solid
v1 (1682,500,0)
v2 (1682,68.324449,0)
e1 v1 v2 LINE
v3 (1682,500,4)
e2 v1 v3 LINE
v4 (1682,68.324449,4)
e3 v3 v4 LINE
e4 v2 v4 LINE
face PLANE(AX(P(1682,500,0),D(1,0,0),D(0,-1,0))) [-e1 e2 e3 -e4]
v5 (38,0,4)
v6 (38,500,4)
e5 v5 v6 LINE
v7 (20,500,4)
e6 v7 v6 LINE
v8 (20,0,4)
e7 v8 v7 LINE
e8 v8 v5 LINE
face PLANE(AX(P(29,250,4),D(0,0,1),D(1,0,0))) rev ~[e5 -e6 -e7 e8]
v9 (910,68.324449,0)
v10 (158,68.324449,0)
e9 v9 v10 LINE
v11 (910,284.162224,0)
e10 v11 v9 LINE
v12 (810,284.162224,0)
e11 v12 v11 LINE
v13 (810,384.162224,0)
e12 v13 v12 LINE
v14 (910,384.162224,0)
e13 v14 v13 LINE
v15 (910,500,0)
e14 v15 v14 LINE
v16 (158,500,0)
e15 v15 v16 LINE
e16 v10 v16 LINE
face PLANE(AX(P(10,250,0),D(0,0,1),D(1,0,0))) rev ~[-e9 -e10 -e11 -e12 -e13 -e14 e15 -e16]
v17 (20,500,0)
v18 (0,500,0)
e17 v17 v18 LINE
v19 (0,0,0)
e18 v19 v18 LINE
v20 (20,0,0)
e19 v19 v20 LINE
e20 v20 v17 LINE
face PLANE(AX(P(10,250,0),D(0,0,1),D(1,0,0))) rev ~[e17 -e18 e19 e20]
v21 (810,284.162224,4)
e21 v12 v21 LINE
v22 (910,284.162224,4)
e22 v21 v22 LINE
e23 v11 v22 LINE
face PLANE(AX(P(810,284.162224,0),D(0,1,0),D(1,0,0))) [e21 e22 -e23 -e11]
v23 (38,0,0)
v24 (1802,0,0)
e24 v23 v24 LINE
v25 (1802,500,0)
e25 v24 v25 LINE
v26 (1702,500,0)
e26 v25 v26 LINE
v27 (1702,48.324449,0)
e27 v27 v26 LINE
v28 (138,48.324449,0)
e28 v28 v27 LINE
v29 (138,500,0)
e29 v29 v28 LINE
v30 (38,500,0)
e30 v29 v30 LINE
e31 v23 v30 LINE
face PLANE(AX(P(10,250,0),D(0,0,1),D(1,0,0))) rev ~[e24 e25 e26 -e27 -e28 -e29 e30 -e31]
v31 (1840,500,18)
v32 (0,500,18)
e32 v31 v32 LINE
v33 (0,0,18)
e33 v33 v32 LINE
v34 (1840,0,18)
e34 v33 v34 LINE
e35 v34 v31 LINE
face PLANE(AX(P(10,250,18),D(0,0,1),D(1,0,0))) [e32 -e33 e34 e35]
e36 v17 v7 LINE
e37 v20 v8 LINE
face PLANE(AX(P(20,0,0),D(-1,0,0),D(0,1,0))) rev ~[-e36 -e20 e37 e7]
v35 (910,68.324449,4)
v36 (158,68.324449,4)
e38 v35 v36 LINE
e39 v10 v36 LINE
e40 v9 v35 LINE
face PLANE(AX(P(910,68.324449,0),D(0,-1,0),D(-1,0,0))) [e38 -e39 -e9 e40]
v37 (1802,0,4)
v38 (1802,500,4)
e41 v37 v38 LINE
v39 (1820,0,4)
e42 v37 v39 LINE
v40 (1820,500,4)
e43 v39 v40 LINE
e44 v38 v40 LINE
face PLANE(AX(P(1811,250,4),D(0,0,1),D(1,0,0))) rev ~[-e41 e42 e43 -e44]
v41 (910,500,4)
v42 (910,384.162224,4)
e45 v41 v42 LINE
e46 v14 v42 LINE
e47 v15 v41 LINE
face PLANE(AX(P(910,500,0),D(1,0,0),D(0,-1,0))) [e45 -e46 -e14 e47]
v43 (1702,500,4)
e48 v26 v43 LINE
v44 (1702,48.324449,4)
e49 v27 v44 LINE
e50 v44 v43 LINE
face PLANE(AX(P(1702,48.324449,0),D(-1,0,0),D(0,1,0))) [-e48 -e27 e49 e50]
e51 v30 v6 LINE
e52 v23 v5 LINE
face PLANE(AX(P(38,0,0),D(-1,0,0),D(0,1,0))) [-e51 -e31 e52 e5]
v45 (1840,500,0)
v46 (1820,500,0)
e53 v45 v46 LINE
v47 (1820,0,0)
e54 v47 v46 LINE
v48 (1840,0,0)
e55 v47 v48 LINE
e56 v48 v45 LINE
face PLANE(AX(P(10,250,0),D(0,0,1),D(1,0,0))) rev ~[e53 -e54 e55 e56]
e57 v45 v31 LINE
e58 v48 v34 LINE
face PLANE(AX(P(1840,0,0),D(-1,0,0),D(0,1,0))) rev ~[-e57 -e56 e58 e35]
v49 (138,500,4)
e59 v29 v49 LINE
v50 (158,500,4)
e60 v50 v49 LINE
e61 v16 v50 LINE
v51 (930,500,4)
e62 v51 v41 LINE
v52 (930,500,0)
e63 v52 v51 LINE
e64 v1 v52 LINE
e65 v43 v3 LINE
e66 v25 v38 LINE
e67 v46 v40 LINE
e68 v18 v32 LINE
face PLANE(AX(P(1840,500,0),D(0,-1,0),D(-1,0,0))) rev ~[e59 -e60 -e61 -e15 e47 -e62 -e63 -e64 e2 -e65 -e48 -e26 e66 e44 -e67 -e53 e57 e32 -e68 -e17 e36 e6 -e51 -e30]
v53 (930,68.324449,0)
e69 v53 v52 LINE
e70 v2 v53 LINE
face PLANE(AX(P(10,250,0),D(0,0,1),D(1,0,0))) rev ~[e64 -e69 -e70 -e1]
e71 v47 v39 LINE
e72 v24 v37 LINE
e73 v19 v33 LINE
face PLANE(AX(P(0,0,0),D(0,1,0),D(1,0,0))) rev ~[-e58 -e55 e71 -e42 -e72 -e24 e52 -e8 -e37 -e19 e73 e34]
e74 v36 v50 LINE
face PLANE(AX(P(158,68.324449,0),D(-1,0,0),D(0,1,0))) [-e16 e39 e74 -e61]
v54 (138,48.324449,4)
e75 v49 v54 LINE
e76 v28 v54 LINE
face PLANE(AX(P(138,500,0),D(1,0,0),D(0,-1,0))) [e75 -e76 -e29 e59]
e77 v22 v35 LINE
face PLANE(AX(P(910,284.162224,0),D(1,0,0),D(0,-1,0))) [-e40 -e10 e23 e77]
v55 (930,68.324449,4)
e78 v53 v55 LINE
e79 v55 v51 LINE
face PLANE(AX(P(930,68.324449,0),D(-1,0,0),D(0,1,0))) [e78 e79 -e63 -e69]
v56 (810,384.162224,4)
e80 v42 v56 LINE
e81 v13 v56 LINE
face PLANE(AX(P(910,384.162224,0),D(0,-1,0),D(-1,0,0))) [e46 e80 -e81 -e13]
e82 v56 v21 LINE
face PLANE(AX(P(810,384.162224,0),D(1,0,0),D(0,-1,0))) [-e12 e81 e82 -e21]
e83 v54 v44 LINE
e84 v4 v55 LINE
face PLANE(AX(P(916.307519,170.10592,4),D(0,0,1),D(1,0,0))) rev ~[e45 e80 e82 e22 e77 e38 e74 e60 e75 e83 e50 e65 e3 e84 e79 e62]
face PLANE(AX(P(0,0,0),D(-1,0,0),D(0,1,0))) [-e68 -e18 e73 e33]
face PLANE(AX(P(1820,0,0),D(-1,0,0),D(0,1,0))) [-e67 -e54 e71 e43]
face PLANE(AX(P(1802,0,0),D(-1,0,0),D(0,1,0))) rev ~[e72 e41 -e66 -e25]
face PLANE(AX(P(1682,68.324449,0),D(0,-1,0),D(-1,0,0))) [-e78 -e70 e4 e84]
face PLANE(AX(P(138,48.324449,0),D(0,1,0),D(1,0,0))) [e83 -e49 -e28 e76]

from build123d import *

# Parameters (mm, degrees)
F1_W     = 20
F1_H     = 500
F1_W_2   = 18
F1_W_3   = 752
F1_H_2   = 431.6755512357
F2_DEPTH = 18
F3_DEPTH = 4


with BuildPart() as f2:
    # F1 (on Top) → F2 (new body)
    with BuildSketch(Plane.XY):
        with Locations((10, 250)):
            Rectangle(F1_W, F1_H)
        with Locations((29, 250)):
            Rectangle(F1_W_2, F1_H)
        Polygon((38, 500), (38, 0), (1802, 0), (1802, 500), (1702, 500), (1702, 68.3244487643), (1702, 48.3244487643), (138, 48.3244487643), (138, 68.3244487643), (138, 500), align=None)
        with Locations((1811, 250)):
            Rectangle(F1_W_2, F1_H)
        Polygon((158, 500), (138, 500), (138, 68.3244487643), (138, 48.3244487643), (1702, 48.3244487643), (1702, 68.3244487643), (1702, 500), (1682, 500), (1682, 68.3244487643), (930, 68.3244487643), (930, 500), (910, 500), (910, 384.1622243822), (810, 384.1622243822), (810, 284.1622243822), (910, 284.1622243822), (910, 68.3244487643), (158, 68.3244487643), align=None)
        with Locations((1830, 250)):
            Rectangle(F1_W, F1_H)
        Polygon((910, 500), (158, 500), (158, 68.3244487643), (910, 68.3244487643), (910, 284.1622243822), (810, 284.1622243822), (810, 384.1622243822), (910, 384.1622243822), align=None)
        with Locations((1306, 284.1622243822)):
            Rectangle(F1_W_3, F1_H_2)
    extrude(amount=F2_DEPTH)

    # F1 (on Top) → F3 (cut)
    with BuildSketch(Plane.XY):
        Polygon((158, 500), (138, 500), (138, 68.3244487643), (138, 48.3244487643), (1702, 48.3244487643), (1702, 68.3244487643), (1702, 500), (1682, 500), (1682, 68.3244487643), (930, 68.3244487643), (930, 500), (910, 500), (910, 384.1622243822), (810, 384.1622243822), (810, 284.1622243822), (910, 284.1622243822), (910, 68.3244487643), (158, 68.3244487643), align=None)
        with Locations((29, 250)):
            Rectangle(F1_W_2, F1_H)
        with Locations((1811, 250)):
            Rectangle(F1_W_2, F1_H)
    extrude(amount=F3_DEPTH, mode=Mode.SUBTRACT)


solid = f2.part
